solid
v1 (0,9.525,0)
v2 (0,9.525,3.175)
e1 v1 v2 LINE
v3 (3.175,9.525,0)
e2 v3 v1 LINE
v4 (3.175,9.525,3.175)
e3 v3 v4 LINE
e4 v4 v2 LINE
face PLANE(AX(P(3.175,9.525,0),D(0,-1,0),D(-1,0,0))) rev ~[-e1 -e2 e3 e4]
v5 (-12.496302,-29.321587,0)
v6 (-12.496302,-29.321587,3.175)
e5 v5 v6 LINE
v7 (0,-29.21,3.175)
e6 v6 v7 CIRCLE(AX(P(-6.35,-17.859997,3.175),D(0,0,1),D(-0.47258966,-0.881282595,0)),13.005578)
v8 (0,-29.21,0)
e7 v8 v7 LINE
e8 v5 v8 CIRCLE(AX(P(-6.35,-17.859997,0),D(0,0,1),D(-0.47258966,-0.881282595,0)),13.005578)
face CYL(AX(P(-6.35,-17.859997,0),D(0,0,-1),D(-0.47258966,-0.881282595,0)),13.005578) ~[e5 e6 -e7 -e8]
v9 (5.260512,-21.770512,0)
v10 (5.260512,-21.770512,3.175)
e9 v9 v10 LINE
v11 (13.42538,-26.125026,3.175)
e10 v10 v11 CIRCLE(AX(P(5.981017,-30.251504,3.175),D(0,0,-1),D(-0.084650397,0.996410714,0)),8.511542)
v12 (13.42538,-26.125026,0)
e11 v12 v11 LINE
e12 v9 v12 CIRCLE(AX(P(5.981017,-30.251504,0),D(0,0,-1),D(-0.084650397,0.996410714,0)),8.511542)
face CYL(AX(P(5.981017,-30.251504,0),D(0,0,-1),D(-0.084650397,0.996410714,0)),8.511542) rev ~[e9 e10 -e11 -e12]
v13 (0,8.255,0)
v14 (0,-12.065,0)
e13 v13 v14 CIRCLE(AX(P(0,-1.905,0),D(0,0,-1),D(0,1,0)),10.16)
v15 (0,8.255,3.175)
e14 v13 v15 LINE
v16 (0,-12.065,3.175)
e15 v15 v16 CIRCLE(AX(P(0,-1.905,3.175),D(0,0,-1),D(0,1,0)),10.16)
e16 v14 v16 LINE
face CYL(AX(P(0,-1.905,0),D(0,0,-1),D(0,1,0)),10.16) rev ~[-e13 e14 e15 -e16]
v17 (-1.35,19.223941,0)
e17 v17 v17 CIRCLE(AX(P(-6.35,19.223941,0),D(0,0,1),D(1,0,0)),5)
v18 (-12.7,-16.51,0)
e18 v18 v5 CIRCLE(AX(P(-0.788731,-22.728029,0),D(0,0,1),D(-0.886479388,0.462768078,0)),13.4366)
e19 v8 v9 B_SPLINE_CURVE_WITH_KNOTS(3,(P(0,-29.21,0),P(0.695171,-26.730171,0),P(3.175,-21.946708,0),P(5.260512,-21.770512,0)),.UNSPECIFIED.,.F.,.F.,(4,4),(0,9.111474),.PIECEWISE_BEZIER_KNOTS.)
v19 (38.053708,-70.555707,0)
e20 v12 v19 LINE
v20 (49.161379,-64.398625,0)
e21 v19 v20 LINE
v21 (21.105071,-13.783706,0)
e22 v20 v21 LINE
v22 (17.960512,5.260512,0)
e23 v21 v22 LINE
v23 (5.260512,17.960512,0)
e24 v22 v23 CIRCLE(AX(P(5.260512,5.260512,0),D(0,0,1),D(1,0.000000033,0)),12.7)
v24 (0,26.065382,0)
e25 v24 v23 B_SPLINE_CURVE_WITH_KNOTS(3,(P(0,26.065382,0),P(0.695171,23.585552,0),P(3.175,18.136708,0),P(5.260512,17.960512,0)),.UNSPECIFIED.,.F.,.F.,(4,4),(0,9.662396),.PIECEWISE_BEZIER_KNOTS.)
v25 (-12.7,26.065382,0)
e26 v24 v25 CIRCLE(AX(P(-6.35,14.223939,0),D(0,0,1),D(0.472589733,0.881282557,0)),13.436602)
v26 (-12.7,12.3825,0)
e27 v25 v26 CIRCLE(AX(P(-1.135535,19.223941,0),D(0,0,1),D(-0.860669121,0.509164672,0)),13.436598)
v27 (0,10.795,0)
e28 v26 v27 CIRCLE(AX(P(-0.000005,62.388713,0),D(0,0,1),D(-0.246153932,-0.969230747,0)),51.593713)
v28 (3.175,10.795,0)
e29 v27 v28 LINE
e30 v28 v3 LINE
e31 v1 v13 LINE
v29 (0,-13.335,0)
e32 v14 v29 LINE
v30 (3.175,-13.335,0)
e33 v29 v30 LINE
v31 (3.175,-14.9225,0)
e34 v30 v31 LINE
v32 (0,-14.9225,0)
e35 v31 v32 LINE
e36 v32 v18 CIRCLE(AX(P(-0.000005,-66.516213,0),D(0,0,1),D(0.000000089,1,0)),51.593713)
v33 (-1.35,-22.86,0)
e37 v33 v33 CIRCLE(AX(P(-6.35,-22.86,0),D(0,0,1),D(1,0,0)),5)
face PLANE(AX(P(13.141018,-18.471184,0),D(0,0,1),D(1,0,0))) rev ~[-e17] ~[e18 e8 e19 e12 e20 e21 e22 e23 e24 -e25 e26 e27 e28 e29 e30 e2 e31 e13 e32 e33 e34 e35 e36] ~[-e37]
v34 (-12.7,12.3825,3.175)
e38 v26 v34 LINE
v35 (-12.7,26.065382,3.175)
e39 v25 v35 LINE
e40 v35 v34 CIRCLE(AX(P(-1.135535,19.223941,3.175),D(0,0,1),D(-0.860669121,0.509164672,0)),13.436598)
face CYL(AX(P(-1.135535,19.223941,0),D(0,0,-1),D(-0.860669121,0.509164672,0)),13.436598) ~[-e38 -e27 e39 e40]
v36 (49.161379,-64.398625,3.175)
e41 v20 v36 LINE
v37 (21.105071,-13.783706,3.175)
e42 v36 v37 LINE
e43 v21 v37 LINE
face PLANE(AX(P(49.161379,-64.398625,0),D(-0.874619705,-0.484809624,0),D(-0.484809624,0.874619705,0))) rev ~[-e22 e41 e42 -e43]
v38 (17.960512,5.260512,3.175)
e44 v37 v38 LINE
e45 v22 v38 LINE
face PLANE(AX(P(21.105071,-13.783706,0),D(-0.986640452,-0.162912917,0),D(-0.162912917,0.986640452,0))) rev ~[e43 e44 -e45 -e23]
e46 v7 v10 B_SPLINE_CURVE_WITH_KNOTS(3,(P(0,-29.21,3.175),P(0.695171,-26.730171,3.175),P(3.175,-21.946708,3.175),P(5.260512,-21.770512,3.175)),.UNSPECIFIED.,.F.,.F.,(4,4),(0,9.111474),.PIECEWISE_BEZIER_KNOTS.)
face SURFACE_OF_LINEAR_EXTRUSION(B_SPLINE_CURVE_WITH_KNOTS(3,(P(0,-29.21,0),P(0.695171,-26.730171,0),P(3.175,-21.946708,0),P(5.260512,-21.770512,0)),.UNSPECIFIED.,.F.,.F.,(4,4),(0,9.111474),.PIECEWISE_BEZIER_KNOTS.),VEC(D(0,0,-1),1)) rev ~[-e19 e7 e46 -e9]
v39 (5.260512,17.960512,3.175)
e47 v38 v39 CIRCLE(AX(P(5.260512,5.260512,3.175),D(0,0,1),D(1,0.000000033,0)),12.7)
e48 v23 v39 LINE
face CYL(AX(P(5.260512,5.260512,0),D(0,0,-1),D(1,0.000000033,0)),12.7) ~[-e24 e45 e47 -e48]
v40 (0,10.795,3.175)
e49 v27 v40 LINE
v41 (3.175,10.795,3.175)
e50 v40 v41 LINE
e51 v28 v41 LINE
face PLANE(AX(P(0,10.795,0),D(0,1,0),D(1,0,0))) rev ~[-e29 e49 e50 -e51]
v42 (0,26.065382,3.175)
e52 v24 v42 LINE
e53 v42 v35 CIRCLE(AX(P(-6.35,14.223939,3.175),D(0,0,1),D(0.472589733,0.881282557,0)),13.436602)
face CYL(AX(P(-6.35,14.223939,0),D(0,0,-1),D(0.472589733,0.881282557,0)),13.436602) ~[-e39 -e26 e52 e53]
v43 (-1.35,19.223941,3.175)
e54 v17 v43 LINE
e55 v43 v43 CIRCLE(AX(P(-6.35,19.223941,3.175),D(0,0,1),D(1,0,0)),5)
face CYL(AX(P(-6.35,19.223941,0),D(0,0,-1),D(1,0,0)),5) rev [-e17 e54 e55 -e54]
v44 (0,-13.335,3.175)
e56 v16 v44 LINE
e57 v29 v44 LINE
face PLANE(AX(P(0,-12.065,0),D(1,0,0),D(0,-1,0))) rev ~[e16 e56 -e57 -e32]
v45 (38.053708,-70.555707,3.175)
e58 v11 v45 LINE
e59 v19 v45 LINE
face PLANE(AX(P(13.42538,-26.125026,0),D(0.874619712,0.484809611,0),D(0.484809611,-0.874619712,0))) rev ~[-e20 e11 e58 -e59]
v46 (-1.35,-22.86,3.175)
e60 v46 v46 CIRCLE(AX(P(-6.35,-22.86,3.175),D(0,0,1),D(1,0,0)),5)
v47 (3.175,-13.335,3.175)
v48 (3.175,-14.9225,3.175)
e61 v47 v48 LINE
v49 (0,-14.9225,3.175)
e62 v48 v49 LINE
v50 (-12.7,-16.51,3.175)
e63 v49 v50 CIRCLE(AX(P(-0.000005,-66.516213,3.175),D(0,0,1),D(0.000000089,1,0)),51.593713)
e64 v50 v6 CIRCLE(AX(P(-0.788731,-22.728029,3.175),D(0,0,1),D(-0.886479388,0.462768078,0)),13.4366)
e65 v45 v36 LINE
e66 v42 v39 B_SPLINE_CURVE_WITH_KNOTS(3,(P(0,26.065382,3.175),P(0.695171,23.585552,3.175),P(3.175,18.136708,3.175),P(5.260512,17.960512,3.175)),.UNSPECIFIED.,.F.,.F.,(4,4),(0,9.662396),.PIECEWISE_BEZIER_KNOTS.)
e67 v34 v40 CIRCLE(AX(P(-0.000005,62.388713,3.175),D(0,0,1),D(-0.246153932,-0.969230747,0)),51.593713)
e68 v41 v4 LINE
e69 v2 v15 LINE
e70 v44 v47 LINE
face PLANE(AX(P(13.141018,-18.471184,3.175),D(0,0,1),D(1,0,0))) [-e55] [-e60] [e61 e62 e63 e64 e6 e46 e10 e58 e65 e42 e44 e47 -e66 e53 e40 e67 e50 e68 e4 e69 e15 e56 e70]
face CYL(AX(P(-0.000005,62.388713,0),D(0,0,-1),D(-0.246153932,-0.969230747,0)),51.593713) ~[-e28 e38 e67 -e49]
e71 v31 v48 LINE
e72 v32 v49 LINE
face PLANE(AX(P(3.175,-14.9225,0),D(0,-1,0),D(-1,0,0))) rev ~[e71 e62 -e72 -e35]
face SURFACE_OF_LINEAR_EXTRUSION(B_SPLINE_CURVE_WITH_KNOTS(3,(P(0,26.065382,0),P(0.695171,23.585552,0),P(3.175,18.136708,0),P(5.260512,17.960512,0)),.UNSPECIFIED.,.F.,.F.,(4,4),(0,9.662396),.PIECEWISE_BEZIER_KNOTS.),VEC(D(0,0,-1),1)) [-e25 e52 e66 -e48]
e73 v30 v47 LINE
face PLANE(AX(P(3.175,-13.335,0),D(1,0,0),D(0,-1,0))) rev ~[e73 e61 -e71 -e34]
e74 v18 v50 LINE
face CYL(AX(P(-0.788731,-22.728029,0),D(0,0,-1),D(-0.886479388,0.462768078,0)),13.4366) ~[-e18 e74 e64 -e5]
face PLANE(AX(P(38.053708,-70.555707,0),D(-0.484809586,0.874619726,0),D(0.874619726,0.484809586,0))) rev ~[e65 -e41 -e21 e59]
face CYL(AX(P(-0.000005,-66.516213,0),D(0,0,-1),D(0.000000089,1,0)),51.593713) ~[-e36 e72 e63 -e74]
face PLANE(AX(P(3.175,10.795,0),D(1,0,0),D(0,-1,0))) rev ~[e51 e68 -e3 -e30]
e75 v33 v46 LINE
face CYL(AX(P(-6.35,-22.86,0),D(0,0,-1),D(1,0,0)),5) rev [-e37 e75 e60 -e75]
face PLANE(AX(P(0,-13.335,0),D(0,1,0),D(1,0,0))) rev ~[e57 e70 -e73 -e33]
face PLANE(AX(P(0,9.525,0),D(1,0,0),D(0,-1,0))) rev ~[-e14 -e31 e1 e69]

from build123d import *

# Parameters (mm, degrees)
F0_R     = 5
F1_DEPTH = 3.175


with BuildPart() as f1:
    # F0 (on Top) → F1 (new body)
    with BuildSketch(Plane.XY):
        with BuildLine():
            ThreePointArc((0, 8.255), (10.16, -1.905), (0, -12.065))
            Line((0, -12.065), (0, -13.335))
            Line((0, -13.335), (3.175, -13.335))
            Line((3.175, -13.335), (3.175, -14.9225))
            Line((3.175, -14.9225), (0, -14.9225))
            ThreePointArc((0, -14.9225), (-6.399417, -15.320913), (-12.7, -16.51))
            ThreePointArc((-12.7, -16.51), (-14.223633, -22.941638), (-12.496302, -29.321587))
            ThreePointArc((-12.496302, -29.321587), (-6.23387, -30.865057), (0, -29.21))
            add(Edge.make_bspline(
                [(0, -29.21), (0.695171, -26.730171), (3.175, -21.946708), (5.260512, -21.770512)],
                knots=[0, 0, 0, 0, 9.111474, 9.111474, 9.111474, 9.111474], degree=3))
            ThreePointArc((5.260512, -21.770512), (9.98639, -22.741288), (13.42538, -26.125026))
            Line((13.42538, -26.125026), (38.053708, -70.555707))
            Line((38.053708, -70.555707), (49.161379, -64.398625))
            Line((49.161379, -64.398625), (21.105071, -13.783706))
            Line((21.105071, -13.783706), (17.960512, 5.260512))
            ThreePointArc((17.960512, 5.260512), (14.240768, 14.240768), (5.260512, 17.960512))
            add(Edge.make_bspline(
                [(0, 26.065382), (0.695171, 23.585552), (3.175, 18.136708), (5.260512, 17.960512)],
                knots=[0, 0, 0, 0, 9.662396, 9.662396, 9.662396, 9.662396], degree=3))
            ThreePointArc((0, 26.065382), (-6.35, 27.660541), (-12.7, 26.065382))
            ThreePointArc((-12.7, 26.065382), (-14.572133, 19.223941), (-12.7, 12.3825))
            ThreePointArc((-12.7, 12.3825), (-6.399417, 11.193413), (0, 10.795))
            Line((0, 10.795), (3.175, 10.795))
            Line((3.175, 10.795), (3.175, 9.525))
            Line((3.175, 9.525), (0, 9.525))
            Line((0, 9.525), (0, 8.255))
        make_face()
        with Locations((-6.35, -22.86)):
            Circle(F0_R, mode=Mode.SUBTRACT)
        with Locations((-6.35, 19.223941)):
            Circle(F0_R, mode=Mode.SUBTRACT)
    extrude(amount=F1_DEPTH)


solid = f1.part
